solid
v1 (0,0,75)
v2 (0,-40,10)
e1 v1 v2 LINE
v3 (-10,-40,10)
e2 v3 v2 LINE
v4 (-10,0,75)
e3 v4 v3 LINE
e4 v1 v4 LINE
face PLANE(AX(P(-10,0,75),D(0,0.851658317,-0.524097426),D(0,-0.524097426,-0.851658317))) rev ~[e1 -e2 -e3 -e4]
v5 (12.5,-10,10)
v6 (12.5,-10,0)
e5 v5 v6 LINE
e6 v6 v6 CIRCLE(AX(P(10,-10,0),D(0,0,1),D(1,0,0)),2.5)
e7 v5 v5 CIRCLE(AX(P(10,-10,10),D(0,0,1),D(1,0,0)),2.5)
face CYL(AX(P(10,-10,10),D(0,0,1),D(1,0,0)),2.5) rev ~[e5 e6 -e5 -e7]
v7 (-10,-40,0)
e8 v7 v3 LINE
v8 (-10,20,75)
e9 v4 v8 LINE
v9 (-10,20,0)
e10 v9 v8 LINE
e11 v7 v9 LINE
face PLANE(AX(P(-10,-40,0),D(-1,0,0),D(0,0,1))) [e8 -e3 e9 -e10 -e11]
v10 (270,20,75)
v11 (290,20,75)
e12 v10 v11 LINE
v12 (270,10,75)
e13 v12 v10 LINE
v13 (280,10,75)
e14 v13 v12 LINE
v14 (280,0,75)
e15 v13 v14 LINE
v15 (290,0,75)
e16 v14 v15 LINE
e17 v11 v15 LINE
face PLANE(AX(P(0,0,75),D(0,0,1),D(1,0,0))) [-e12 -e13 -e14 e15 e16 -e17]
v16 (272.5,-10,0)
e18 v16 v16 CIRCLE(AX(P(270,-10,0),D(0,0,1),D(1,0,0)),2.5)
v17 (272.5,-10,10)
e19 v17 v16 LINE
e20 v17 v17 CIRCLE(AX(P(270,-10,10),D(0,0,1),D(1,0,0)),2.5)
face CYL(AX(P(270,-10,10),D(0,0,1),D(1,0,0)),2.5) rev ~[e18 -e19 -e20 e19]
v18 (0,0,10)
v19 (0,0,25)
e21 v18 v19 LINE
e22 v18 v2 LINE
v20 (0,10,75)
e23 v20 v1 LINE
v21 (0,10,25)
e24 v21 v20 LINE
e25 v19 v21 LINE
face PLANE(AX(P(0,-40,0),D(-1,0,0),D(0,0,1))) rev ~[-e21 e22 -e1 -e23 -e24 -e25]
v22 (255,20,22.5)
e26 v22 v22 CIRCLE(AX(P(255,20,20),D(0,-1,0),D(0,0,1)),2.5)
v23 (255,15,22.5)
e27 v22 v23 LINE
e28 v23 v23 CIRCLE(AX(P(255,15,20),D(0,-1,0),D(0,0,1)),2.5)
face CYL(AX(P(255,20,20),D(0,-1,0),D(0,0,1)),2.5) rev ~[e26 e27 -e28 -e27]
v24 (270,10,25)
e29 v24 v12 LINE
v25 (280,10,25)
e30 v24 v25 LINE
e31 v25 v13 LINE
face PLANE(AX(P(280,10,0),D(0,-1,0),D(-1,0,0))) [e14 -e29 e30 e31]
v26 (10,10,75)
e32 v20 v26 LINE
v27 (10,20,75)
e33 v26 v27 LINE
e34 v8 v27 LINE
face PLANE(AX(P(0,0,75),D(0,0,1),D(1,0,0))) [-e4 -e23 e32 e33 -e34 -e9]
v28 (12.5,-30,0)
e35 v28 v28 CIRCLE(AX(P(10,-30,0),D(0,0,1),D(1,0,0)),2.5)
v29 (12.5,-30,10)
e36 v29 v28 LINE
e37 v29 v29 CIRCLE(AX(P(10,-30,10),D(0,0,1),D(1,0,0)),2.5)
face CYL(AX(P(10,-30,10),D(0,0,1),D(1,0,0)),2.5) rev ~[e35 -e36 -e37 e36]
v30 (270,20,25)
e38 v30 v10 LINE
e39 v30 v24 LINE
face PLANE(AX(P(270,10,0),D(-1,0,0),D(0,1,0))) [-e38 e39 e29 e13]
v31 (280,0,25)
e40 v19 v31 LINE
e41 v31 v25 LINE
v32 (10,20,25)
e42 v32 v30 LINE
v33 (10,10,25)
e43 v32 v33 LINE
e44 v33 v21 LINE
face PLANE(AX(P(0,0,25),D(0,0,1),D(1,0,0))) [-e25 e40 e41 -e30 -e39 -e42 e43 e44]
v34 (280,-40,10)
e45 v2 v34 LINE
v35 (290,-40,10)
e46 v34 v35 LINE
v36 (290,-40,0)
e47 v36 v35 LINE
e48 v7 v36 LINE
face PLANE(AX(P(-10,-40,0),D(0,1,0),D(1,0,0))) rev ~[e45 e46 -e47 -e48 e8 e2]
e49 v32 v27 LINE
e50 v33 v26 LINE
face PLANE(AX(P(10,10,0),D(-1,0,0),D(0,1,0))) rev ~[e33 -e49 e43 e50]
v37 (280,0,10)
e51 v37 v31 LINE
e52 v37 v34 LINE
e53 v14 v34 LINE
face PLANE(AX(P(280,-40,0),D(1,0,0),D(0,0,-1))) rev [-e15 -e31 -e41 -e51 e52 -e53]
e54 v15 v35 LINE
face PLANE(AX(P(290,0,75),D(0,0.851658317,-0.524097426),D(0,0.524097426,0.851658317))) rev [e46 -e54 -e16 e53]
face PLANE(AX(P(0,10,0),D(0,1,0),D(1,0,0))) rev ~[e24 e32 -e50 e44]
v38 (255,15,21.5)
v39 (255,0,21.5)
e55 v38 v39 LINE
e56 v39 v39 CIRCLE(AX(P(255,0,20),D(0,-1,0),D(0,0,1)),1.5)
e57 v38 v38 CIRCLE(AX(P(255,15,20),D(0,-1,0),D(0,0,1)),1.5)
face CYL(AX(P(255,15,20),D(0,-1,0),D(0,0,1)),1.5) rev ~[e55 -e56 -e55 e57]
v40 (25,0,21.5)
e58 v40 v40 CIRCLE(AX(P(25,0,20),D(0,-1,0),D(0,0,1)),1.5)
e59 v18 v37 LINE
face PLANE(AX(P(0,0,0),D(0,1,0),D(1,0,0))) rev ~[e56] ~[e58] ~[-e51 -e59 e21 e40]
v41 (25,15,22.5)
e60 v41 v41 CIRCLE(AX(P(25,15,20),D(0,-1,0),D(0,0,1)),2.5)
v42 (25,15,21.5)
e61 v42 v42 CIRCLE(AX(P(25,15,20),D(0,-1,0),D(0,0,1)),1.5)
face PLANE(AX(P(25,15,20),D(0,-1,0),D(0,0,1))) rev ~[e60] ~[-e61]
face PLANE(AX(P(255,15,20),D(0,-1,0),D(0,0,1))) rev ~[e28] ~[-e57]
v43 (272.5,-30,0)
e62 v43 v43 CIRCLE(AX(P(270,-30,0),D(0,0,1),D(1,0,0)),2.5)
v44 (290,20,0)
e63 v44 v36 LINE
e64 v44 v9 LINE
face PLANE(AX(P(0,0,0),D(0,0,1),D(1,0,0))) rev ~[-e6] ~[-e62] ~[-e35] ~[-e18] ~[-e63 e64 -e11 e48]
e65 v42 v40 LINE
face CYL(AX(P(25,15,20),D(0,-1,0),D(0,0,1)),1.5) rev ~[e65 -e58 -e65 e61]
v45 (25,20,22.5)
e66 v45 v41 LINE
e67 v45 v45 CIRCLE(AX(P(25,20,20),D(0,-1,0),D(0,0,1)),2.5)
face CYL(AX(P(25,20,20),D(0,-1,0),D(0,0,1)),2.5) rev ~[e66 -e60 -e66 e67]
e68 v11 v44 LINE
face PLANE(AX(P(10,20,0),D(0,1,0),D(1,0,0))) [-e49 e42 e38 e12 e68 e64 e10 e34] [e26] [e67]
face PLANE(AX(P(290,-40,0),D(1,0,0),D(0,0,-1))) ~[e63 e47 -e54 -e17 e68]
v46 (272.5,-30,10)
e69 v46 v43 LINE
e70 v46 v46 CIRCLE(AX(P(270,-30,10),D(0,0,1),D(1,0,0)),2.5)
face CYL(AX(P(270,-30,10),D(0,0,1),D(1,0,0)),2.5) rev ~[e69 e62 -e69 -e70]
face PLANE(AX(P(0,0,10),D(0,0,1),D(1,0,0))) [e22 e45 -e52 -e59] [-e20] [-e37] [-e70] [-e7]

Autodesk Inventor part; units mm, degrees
ref_plane "YZ Plane" through (0, 0, 0) normal (1, 0, 0) x (0, 1, 0)
ref_plane "XZ Plane" through (0, 0, 0) normal (0, 1, 0) x (-1, 0, 0)
sketch "스케치1" plane through (0, 0, 0) normal (0, 0, 1) x (1, 0, 0)
  line L0 (0, 10) -> (0, 0)
  line L1 (-10, 10) -> (-10, 20)
  line L2 (-10, 20) -> (290, 20)
  line L3 (290, 20) -> (290, 10)
  line L4 (0, 0) -> (280, 0)
  line L5 (290, 10) -> (290, -40)
  line L6 (-10, 10) -> (-10, -40)
  line L7 (-10, -40) -> (290, -40)
  line L8 (0, 10) -> (10, 10)
  line L9 (10, 10) -> (10, 20)
  line L10 (140, 20) -> (140, 10)
  line L11 (0, 0) -> (-10, 0)
  line L12 (280, 10) -> (280, 0)
  line L13 (280, 10) -> (270, 10)
  line L14 (270, 10) -> (270, 20)
  line L15 (280, 0) -> (290, 0)
  point P0 (140, 0)
  dimension "d2" = 10
  dimension "d5" = 10
  dimension "d6" = 300
  dimension "d9" = 60
  dimension "d12" = 10
  dimension "d13" = 10
extrude "돌출1" add sketch "스케치1" along normal blind 25 contours L8 L9 L2 L14 L13 L12 L4 L0 | L0 L11 L6 L1 L2 L9 L8 | L12 L13 L14 L2 L3 L5 L15
extrude "돌출2" add sketch "스케치1" along normal blind 10 contours L8 L9 L2 L14 L13 L12 L4 L0 | L4 L15 L5 L7 L6 L11
extrude "돌출3" add sketch "스케치1" along normal blind 75 contours L0 L11 L6 L1 L2 L9 L8 | L12 L13 L14 L2 L3 L5 L15
sketch "스케치2" plane through (-10, -40, 0) normal (-1, 0, 0) x (0, 0, 1)
  line L0 (0, 60) -> (0, 0) projected
  line L1 (0, 0) -> (10, 0) projected
  line L2 (10, 40) -> (10, 0) projected
  line L3 (10, 40) -> (75, 40) projected
  line L4 (75, 60) -> (75, 40) projected
  line L5 (0, 60) -> (75, 60) projected
  line L6 (75, 40) -> (10, 0)
  point P0 (0, 40)
extrude "돌출4" add sketch "스케치2" against normal up to surface (10 mm away) contours L2 L3 L6
ref_plane "작업 평면1" through (140, -40, 0) normal (1, 0, 0) x (0, 0, -1)
mirror "미러1" about plane through (140, -40, 0) normal (1, 0, 0) of "돌출4"
sketch "스케치3" plane through (0, 0, 10) normal (0, 0, 1) x (1, 0, 0)
  circle A0 centre (10, -10) radius 2.5
  circle A1 centre (270, -10) radius 2.5
  line L0 (270, 20) -> (10, 20) projected
  line L1 (290, -40) -> (290, 0) projected
  line L2 (-10, -40) -> (-10, 0) projected
  circle A2 centre (10, -30) radius 2.5
  circle A3 centre (270, -30) radius 2.5
  point P0 (0, 0)
  dimension "d18" = 30
  dimension "d19" = 5
  dimension "d20" = 20
  dimension "d21" = 20
  dimension "d24" = 5
  dimension "d25" = 20
extrude "돌출5" cut sketch "스케치3" against normal through all
sketch "스케치4" plane through (-10, 20, 0) normal (0, 1, 0) x (1, 0, 0)
  line L0 (280, -25) -> (280, -75) projected
  line L1 (20, -25) -> (20, -75) projected
  line L2 (280, -25) -> (20, -25) projected
  point P0 (10, 0)
  point P1 (35, -20)
  point P2 (265, -20)
  dimension "d26" = 15
  dimension "d27" = 15
  dimension "d28" = 5
hole "구멍1" at (25, 20, 20) at (255, 20, 20) direction (0, -1, 0) diameter 3 end through all counterbore diameter 5 counterbore depth 5
properties part number "ModuleConnector"
